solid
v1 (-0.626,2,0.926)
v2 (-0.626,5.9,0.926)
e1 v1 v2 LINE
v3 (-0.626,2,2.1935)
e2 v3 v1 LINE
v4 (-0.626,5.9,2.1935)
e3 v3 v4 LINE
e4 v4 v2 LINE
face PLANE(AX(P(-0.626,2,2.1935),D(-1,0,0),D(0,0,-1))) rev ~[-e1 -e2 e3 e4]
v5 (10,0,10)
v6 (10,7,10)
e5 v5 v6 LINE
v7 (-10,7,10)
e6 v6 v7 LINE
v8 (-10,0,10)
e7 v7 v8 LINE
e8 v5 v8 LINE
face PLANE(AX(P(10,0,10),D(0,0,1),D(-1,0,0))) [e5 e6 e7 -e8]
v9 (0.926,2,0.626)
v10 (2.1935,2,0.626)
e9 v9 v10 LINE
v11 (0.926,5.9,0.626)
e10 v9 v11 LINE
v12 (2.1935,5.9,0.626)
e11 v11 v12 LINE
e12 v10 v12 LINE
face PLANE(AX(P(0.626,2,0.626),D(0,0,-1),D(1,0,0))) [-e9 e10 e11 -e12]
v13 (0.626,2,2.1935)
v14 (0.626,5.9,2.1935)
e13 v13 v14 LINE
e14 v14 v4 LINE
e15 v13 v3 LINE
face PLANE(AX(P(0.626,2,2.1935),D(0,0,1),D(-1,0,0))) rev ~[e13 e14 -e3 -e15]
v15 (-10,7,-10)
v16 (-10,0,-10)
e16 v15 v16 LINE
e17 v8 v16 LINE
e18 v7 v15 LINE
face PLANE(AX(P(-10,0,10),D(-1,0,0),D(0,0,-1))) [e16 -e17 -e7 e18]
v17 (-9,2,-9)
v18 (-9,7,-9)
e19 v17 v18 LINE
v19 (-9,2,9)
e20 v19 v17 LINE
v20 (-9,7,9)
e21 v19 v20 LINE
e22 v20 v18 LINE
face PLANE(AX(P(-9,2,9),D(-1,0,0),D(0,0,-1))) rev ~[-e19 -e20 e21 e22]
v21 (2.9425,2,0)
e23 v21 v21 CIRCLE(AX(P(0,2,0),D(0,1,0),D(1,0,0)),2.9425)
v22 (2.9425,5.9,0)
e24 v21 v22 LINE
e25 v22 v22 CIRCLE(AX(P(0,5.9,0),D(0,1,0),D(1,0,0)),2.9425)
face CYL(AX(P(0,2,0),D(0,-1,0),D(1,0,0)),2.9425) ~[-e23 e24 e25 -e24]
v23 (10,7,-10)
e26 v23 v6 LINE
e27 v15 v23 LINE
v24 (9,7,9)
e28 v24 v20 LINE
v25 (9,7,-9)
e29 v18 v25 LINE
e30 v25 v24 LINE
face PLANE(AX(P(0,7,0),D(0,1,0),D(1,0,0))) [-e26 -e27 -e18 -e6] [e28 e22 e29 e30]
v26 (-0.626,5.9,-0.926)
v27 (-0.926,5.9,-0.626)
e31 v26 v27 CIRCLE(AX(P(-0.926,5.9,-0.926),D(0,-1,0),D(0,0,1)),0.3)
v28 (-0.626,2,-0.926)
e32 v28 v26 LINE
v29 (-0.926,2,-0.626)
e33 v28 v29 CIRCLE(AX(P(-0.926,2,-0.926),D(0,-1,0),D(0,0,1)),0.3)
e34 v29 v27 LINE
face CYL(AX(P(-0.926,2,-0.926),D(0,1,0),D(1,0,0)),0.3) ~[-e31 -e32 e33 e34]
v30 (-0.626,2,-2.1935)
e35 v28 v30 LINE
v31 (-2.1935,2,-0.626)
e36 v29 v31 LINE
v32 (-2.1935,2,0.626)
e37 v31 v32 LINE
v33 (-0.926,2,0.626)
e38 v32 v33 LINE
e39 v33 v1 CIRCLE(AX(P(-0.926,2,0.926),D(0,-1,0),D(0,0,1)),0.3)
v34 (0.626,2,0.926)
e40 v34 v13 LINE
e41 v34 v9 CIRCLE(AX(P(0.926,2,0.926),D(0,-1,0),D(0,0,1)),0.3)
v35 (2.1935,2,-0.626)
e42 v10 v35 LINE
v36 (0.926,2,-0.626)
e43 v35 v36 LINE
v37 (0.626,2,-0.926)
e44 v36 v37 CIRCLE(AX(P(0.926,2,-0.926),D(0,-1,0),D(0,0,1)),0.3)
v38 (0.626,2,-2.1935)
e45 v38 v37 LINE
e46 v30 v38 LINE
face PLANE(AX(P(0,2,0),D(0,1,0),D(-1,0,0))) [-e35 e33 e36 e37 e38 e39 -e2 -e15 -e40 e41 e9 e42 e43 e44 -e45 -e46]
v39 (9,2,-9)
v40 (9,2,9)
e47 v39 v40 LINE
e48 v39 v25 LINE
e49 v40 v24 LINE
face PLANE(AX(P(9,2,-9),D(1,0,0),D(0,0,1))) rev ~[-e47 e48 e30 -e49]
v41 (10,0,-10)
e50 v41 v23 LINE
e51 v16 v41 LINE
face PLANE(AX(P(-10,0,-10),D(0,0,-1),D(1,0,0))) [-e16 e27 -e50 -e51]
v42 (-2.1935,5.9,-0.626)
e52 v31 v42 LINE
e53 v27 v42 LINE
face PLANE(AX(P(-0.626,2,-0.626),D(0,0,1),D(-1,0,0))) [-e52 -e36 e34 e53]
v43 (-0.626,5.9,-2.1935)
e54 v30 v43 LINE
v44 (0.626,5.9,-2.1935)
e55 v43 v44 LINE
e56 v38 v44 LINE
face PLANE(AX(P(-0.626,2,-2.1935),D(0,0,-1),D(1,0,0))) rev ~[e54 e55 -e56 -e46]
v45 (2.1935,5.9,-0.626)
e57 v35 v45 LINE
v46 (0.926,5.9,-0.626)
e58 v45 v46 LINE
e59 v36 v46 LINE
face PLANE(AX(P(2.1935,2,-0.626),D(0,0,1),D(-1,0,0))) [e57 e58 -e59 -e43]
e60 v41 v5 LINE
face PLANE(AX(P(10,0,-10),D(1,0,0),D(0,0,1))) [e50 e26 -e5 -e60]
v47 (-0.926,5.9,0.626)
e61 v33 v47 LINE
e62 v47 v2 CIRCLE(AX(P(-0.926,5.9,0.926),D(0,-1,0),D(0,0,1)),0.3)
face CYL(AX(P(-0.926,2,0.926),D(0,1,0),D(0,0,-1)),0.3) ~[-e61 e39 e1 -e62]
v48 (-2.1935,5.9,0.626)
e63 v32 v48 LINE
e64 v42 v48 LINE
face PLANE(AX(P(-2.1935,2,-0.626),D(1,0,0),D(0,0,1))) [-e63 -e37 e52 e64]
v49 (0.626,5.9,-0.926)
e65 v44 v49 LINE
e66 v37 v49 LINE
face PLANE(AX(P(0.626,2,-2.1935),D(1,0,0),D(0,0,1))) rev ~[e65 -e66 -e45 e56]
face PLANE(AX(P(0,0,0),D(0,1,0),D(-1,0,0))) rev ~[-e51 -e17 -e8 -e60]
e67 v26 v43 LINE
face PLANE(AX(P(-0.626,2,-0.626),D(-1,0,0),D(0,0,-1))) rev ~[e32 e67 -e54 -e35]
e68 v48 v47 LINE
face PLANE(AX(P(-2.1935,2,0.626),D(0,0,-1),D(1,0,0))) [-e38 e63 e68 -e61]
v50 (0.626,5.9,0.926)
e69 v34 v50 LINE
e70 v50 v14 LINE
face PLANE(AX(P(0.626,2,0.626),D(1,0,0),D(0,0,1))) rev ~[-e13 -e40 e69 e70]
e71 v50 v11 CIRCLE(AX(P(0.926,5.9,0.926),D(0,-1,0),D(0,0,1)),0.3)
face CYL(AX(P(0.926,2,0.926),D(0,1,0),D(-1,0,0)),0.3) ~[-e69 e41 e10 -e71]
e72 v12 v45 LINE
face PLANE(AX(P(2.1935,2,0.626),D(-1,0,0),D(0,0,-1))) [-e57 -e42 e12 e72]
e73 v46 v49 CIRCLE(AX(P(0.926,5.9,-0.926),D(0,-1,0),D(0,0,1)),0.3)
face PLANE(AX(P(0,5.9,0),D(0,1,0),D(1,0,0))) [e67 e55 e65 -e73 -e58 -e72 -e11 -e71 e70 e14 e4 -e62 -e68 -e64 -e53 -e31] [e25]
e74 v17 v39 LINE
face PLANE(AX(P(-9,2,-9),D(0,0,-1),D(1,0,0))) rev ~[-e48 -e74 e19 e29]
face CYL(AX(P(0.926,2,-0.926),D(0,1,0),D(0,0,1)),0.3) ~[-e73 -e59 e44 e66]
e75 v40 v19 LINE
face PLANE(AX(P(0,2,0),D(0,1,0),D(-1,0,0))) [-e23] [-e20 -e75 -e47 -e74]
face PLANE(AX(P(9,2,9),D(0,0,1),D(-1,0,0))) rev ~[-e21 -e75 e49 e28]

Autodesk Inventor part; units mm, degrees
ref_plane "YZ Plane" through (0, 0, 0) normal (1, 0, 0) x (0, 1, 0)
ref_plane "XZ Plane" through (0, 0, 0) normal (0, 1, 0) x (-1, 0, 0)
ref_plane "XY Plane" through (0, 0, 0) normal (0, 0, 1) x (1, 0, 0)
sketch "Sketch1" plane through (0, 0, 0) normal (0, 1, 0) x (-1, 0, 0)
  line L0 (-10, 10) -> (10, 10)
  line L1 (10, 10) -> (10, -10)
  line L2 (10, -10) -> (-10, -10)
  line L3 (-10, -10) -> (-10, 10)
  line L4 (-10, 10) -> (10, -10) construction
  line L5 (10, 10) -> (-10, -10) construction
  point P0 (0, 0)
extrude "Extrusion1" add sketch "Sketch1" along normal blind 2
sketch "Sketch2" plane through (0, 2, 0) normal (0, 1, 0) x (1, 0, 0)
  line L0 (9, -9) -> (-9, -9)
  line L1 (-9, -9) -> (-9, 9)
  line L2 (-9, 9) -> (9, 9)
  line L3 (9, 9) -> (9, -9)
  line L4 (9, -9) -> (-9, 9) construction
  line L5 (-9, -9) -> (9, 9) construction
  line L6 (10, -10) -> (-10, -10)
  line L7 (-10, -10) -> (-10, 10)
  line L8 (-10, 10) -> (10, 10)
  line L9 (10, 10) -> (10, -10)
  line L10 (10, -10) -> (-10, 10) construction
  line L11 (-10, -10) -> (10, 10) construction
  point P0 (0, 0)
extrude "Extrusion2" add sketch "Sketch2" along normal blind 5
sketch "Sketch3" plane through (0, 2, 0) normal (0, 1, 0) x (1, 0, 0)
  circle A0 centre (0, 0) radius 2.9425
  line L0 (0.626, -2.1935) -> (-0.626, -2.1935)
  line L1 (-0.626, 2.1935) -> (0.626, 2.1935)
  line L2 (-2.1935, 0.626) -> (-2.1935, -0.626)
  line L3 (2.1935, -0.626) -> (2.1935, 0.626)
  line L4 (-0.626, -2.1935) -> (-0.626, -0.626)
  line L5 (-0.626, 0.626) -> (-0.626, 2.1935)
  line L6 (-2.1935, -0.626) -> (-0.626, -0.626)
  line L7 (0.626, -0.626) -> (2.1935, -0.626)
  line L8 (2.1935, 0.626) -> (0.626, 0.626)
  line L9 (-0.626, 0.626) -> (-2.1935, 0.626)
  line L10 (0.626, 2.1935) -> (0.626, 0.626)
  line L11 (0.626, -0.626) -> (0.626, -2.1935)
extrude "Extrusion4" add sketch "Sketch3" along normal blind 3.9
fillet "Fillet1" radius 0.3 4 edges at (-0.626, 3.95, -0.626) (-0.626, 3.95, 0.626) (0.626, 3.95, -0.626) (0.626, 3.95, 0.626)
properties part number "test2"
